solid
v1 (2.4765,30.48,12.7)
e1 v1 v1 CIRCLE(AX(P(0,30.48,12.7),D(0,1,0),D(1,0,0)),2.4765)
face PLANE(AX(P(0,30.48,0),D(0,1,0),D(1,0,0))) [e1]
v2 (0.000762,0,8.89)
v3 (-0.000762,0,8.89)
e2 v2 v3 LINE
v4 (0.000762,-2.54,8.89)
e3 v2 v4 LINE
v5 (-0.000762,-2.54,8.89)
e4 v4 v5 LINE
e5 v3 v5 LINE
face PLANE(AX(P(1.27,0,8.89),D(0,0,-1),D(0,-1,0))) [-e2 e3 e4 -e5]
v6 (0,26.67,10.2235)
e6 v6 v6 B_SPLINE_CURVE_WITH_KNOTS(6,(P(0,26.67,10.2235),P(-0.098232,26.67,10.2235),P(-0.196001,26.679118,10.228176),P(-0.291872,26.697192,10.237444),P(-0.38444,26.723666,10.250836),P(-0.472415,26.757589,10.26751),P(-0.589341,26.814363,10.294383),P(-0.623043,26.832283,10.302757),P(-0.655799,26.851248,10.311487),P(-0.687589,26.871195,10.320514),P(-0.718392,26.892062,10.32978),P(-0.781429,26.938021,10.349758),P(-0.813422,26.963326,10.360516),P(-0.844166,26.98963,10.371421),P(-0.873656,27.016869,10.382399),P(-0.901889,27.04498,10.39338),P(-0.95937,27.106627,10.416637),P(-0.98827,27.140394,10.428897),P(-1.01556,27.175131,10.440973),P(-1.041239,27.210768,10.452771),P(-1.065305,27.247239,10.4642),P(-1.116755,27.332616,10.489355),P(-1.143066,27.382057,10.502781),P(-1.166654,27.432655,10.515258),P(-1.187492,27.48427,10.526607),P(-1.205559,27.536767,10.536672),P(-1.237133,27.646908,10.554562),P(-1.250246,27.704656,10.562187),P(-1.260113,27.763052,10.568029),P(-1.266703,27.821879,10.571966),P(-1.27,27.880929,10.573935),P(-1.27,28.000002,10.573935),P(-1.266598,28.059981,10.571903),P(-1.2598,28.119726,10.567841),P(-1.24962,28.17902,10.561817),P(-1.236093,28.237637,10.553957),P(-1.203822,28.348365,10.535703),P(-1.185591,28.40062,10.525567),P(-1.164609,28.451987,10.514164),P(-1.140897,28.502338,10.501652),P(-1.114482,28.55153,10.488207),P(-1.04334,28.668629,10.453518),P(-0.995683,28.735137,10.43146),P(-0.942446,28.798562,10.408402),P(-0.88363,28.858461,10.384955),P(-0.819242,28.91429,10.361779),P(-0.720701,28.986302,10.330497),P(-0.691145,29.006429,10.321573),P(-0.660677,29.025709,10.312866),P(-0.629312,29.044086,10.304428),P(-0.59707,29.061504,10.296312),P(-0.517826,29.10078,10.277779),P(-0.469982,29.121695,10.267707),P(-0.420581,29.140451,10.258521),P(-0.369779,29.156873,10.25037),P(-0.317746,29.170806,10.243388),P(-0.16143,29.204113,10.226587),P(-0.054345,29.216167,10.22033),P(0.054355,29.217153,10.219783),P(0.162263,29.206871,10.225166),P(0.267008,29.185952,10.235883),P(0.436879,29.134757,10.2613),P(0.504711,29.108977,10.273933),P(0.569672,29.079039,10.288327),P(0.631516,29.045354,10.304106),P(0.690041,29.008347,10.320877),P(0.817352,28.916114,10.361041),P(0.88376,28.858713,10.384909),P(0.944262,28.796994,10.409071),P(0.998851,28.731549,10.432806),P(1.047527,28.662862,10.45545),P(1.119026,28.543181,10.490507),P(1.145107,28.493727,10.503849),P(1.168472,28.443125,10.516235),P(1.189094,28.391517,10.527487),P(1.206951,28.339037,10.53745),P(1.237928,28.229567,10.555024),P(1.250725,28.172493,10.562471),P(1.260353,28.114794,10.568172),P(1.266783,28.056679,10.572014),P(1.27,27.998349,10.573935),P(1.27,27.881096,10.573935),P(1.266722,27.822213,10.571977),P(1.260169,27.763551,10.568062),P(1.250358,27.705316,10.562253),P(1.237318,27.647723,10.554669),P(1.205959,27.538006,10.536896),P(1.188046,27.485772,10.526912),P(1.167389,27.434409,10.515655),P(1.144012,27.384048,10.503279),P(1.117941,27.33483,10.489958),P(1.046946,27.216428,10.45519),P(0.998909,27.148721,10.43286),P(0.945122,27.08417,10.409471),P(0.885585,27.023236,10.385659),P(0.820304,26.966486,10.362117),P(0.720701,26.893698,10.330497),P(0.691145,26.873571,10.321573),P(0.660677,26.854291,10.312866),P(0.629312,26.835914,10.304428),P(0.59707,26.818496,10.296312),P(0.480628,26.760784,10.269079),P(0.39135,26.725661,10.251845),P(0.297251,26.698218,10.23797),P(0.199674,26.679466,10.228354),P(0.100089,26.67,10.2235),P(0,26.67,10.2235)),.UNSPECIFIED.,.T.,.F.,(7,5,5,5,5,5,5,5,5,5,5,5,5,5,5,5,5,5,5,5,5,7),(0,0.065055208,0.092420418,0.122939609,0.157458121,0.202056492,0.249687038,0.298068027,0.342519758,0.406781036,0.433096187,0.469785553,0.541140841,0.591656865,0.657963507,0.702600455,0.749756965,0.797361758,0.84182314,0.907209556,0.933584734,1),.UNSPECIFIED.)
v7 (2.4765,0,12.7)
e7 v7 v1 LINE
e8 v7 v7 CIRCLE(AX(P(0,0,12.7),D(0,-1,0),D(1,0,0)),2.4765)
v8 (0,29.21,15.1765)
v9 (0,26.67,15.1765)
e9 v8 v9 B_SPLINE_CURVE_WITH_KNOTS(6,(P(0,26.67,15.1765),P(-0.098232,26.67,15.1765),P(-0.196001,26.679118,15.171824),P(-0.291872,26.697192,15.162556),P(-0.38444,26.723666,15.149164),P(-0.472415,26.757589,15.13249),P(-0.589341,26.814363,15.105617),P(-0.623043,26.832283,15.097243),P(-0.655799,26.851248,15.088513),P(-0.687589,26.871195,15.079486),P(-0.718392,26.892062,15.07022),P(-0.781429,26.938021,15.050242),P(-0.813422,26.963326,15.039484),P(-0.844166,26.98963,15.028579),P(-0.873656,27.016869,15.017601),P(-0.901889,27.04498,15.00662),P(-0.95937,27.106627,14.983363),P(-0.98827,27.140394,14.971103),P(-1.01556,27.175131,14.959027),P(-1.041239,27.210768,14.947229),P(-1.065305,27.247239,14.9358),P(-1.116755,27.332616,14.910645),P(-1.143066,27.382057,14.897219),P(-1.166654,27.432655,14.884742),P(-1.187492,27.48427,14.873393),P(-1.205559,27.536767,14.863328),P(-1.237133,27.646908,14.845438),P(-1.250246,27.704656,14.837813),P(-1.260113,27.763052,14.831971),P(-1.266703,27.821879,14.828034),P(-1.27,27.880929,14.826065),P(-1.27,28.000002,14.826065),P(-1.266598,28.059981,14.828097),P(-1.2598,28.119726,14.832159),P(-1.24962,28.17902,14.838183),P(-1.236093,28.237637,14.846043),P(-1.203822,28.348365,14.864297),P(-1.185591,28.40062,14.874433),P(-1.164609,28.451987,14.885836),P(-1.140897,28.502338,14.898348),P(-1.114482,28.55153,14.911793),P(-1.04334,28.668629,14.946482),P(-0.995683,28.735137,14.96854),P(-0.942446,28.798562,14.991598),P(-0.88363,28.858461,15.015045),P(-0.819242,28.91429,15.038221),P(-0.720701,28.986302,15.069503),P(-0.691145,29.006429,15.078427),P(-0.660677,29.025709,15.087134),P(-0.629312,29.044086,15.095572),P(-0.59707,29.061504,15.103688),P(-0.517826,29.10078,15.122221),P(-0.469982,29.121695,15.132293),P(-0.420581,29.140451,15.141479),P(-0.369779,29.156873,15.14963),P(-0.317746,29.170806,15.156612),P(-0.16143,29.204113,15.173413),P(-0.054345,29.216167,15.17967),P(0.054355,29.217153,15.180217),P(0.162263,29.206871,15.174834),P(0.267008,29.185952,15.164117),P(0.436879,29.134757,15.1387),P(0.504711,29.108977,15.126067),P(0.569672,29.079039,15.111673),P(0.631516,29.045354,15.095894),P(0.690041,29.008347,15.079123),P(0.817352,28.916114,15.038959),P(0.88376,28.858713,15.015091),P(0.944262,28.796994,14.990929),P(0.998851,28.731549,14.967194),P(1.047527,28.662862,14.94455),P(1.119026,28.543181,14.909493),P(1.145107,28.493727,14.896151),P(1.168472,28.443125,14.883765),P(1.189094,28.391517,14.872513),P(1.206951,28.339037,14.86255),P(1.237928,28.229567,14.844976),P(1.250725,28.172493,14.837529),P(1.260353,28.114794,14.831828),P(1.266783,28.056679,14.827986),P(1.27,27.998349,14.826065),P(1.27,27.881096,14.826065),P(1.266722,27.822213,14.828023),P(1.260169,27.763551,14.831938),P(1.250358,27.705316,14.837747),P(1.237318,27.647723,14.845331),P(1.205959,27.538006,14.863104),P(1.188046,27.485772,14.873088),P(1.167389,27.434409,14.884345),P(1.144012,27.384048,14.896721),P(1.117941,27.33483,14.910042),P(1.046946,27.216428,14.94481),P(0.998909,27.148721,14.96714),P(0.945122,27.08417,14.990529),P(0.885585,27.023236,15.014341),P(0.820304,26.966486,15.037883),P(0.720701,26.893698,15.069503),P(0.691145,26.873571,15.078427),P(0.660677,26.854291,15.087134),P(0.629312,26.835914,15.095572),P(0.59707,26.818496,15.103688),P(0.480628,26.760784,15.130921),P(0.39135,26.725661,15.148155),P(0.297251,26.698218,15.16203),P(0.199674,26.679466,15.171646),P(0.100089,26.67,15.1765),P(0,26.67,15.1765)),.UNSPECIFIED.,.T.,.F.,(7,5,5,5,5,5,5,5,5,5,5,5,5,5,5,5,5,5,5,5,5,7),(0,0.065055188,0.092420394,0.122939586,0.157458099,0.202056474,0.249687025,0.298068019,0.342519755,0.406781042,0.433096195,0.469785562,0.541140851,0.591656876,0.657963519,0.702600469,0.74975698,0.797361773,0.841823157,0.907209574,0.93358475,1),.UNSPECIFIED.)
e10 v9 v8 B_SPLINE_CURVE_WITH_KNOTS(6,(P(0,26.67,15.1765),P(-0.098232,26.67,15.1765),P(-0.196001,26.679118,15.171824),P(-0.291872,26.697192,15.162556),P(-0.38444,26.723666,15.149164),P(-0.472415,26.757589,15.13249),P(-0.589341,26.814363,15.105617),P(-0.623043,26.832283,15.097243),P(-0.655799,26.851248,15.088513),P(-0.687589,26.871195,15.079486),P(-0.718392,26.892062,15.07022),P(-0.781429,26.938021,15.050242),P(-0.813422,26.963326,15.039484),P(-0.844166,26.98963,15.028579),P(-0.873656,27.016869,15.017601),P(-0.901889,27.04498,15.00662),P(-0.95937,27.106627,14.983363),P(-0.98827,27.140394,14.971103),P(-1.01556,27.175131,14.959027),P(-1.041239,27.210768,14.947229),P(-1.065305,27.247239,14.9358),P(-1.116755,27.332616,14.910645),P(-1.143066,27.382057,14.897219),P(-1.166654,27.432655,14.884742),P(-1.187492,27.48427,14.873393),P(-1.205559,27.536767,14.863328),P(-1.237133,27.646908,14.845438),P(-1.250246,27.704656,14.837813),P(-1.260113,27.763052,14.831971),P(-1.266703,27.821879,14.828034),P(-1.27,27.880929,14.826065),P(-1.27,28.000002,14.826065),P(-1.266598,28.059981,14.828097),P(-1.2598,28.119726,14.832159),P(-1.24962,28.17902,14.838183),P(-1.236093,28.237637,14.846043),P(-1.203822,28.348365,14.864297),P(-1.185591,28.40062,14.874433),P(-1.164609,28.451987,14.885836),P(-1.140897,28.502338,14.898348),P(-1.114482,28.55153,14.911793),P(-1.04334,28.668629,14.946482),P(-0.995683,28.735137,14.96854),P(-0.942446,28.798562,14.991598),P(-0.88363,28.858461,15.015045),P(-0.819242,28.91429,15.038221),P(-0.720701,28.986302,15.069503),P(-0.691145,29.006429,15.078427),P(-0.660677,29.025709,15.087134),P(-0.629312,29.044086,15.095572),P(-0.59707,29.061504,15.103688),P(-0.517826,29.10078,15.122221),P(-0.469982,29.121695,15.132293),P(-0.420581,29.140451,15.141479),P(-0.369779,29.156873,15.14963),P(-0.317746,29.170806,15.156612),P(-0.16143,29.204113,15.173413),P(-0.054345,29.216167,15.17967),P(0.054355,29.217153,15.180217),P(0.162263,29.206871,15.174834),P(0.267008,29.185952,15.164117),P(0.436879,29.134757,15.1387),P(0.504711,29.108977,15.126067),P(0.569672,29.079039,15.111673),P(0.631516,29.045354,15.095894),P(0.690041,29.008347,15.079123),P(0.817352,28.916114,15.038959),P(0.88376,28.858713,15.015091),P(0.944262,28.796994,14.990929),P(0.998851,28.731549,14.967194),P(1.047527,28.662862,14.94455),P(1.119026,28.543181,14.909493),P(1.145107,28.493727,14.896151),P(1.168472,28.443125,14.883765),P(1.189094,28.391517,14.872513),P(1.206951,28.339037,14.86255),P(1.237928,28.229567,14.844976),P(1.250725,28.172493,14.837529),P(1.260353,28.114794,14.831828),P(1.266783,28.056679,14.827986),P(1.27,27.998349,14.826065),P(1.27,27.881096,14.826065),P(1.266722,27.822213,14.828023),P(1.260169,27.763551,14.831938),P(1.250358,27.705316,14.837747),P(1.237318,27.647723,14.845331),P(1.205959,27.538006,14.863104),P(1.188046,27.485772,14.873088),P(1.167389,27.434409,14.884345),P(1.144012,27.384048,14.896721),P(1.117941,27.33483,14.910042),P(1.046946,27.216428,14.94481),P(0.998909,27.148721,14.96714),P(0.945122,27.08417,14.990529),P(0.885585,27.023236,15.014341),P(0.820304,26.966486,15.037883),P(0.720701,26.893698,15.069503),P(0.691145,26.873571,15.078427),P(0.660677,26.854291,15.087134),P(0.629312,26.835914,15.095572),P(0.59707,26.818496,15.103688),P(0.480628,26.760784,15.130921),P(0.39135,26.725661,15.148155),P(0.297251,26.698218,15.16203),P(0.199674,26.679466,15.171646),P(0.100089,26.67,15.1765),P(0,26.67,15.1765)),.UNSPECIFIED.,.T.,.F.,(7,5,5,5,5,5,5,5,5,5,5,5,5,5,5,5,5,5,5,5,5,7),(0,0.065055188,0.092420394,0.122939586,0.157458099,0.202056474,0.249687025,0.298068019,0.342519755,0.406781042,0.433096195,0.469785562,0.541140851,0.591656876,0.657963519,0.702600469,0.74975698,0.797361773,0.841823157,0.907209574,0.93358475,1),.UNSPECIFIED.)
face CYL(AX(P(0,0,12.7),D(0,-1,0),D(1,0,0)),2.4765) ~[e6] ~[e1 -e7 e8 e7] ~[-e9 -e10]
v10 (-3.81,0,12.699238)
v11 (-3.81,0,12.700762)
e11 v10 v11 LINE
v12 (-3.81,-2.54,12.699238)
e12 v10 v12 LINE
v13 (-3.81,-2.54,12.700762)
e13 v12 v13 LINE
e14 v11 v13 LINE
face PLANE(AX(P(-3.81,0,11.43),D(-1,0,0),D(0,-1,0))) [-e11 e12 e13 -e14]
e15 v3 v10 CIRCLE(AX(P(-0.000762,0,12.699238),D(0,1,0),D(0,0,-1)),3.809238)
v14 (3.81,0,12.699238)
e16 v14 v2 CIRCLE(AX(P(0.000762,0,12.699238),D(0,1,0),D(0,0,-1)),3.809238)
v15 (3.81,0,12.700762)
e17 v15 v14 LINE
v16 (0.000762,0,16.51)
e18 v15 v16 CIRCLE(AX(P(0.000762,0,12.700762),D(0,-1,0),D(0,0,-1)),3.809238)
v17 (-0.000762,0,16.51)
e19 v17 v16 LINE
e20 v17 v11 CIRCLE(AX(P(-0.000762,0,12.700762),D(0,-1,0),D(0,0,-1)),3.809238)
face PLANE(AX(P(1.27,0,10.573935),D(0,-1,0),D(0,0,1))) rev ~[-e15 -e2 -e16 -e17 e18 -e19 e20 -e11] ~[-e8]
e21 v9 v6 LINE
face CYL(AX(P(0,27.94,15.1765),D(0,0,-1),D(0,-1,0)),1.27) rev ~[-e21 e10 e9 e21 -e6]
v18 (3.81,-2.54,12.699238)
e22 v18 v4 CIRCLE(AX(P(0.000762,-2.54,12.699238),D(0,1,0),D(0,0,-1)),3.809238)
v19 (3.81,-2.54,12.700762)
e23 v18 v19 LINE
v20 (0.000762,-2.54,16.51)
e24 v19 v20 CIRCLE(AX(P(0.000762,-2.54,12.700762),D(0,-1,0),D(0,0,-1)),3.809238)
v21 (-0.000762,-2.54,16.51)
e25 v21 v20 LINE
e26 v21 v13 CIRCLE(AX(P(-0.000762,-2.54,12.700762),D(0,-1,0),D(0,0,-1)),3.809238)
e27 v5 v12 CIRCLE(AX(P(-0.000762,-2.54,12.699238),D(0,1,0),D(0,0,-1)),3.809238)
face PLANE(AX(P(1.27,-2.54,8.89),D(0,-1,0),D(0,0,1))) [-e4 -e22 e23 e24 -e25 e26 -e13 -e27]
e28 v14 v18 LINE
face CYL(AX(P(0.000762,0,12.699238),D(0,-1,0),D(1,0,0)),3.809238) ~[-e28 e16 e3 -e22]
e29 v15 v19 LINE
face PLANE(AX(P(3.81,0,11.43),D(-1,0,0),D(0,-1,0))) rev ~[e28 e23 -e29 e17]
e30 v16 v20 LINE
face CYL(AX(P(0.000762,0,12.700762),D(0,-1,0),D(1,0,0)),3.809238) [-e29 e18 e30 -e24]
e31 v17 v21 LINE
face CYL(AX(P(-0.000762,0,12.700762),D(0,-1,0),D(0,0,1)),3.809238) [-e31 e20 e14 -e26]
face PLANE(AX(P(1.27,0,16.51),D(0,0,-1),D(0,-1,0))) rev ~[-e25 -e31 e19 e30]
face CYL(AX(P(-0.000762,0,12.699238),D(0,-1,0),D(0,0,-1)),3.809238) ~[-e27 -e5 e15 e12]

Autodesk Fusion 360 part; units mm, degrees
sketch "Sketch1" plane through (0, 0, 0) normal (0, 1, 0) x (1, 0, 0)
  circle A0 centre (0, -12.7) radius 2.4765
  dimension "d1" = 4.953
extrude "Extrude1" add sketch "Sketch1" along normal blind 30.48
hole "Hole1" at (0, 27.94, 15.1765) direction (0, 0, -1) diameter 2.54 depth 10.668 tip angle 118
sketch "Sketch2" plane through (0, 0, 0) normal (0, -1, 0) x (1, 0, 0)
  circle A0 centre (0, 12.7) radius 2.4765
  line L0 (-1.27, 11.43) -> (1.27, 11.43)
  line L1 (1.27, 11.43) -> (1.27, 13.97)
  line L2 (1.27, 13.97) -> (-1.27, 13.97)
  line L3 (-1.27, 13.97) -> (-1.27, 11.43)
extrude "Extrude2" add sketch "Sketch2" along normal blind 2.54 contours L0 L1 L2 L3
extrude "Extrude3" add 1 faces at (0.4233, -0.8467, 13.97) along direction (0, 0, 1) blind 2.54
extrude "Extrude4" add 1 faces at (-0.4233, -0.8467, 11.43) along direction (0, 0, -1) blind 2.54
extrude "Extrude5" add 1 faces at (-1.27, -1.6933, 11.9913) along direction (-1, 0, 0) blind 2.54
extrude "Extrude6" add 1 faces at (1.27, -1.6933, 11.9913) along direction (1, 0, 0) blind 2.54
fillet "Fillet1" radius 3.81 4 edges at (-3.81, -1.27, 16.51) (3.81, -1.27, 16.51) (3.81, -1.27, 8.89) (-3.81, -1.27, 8.89)
